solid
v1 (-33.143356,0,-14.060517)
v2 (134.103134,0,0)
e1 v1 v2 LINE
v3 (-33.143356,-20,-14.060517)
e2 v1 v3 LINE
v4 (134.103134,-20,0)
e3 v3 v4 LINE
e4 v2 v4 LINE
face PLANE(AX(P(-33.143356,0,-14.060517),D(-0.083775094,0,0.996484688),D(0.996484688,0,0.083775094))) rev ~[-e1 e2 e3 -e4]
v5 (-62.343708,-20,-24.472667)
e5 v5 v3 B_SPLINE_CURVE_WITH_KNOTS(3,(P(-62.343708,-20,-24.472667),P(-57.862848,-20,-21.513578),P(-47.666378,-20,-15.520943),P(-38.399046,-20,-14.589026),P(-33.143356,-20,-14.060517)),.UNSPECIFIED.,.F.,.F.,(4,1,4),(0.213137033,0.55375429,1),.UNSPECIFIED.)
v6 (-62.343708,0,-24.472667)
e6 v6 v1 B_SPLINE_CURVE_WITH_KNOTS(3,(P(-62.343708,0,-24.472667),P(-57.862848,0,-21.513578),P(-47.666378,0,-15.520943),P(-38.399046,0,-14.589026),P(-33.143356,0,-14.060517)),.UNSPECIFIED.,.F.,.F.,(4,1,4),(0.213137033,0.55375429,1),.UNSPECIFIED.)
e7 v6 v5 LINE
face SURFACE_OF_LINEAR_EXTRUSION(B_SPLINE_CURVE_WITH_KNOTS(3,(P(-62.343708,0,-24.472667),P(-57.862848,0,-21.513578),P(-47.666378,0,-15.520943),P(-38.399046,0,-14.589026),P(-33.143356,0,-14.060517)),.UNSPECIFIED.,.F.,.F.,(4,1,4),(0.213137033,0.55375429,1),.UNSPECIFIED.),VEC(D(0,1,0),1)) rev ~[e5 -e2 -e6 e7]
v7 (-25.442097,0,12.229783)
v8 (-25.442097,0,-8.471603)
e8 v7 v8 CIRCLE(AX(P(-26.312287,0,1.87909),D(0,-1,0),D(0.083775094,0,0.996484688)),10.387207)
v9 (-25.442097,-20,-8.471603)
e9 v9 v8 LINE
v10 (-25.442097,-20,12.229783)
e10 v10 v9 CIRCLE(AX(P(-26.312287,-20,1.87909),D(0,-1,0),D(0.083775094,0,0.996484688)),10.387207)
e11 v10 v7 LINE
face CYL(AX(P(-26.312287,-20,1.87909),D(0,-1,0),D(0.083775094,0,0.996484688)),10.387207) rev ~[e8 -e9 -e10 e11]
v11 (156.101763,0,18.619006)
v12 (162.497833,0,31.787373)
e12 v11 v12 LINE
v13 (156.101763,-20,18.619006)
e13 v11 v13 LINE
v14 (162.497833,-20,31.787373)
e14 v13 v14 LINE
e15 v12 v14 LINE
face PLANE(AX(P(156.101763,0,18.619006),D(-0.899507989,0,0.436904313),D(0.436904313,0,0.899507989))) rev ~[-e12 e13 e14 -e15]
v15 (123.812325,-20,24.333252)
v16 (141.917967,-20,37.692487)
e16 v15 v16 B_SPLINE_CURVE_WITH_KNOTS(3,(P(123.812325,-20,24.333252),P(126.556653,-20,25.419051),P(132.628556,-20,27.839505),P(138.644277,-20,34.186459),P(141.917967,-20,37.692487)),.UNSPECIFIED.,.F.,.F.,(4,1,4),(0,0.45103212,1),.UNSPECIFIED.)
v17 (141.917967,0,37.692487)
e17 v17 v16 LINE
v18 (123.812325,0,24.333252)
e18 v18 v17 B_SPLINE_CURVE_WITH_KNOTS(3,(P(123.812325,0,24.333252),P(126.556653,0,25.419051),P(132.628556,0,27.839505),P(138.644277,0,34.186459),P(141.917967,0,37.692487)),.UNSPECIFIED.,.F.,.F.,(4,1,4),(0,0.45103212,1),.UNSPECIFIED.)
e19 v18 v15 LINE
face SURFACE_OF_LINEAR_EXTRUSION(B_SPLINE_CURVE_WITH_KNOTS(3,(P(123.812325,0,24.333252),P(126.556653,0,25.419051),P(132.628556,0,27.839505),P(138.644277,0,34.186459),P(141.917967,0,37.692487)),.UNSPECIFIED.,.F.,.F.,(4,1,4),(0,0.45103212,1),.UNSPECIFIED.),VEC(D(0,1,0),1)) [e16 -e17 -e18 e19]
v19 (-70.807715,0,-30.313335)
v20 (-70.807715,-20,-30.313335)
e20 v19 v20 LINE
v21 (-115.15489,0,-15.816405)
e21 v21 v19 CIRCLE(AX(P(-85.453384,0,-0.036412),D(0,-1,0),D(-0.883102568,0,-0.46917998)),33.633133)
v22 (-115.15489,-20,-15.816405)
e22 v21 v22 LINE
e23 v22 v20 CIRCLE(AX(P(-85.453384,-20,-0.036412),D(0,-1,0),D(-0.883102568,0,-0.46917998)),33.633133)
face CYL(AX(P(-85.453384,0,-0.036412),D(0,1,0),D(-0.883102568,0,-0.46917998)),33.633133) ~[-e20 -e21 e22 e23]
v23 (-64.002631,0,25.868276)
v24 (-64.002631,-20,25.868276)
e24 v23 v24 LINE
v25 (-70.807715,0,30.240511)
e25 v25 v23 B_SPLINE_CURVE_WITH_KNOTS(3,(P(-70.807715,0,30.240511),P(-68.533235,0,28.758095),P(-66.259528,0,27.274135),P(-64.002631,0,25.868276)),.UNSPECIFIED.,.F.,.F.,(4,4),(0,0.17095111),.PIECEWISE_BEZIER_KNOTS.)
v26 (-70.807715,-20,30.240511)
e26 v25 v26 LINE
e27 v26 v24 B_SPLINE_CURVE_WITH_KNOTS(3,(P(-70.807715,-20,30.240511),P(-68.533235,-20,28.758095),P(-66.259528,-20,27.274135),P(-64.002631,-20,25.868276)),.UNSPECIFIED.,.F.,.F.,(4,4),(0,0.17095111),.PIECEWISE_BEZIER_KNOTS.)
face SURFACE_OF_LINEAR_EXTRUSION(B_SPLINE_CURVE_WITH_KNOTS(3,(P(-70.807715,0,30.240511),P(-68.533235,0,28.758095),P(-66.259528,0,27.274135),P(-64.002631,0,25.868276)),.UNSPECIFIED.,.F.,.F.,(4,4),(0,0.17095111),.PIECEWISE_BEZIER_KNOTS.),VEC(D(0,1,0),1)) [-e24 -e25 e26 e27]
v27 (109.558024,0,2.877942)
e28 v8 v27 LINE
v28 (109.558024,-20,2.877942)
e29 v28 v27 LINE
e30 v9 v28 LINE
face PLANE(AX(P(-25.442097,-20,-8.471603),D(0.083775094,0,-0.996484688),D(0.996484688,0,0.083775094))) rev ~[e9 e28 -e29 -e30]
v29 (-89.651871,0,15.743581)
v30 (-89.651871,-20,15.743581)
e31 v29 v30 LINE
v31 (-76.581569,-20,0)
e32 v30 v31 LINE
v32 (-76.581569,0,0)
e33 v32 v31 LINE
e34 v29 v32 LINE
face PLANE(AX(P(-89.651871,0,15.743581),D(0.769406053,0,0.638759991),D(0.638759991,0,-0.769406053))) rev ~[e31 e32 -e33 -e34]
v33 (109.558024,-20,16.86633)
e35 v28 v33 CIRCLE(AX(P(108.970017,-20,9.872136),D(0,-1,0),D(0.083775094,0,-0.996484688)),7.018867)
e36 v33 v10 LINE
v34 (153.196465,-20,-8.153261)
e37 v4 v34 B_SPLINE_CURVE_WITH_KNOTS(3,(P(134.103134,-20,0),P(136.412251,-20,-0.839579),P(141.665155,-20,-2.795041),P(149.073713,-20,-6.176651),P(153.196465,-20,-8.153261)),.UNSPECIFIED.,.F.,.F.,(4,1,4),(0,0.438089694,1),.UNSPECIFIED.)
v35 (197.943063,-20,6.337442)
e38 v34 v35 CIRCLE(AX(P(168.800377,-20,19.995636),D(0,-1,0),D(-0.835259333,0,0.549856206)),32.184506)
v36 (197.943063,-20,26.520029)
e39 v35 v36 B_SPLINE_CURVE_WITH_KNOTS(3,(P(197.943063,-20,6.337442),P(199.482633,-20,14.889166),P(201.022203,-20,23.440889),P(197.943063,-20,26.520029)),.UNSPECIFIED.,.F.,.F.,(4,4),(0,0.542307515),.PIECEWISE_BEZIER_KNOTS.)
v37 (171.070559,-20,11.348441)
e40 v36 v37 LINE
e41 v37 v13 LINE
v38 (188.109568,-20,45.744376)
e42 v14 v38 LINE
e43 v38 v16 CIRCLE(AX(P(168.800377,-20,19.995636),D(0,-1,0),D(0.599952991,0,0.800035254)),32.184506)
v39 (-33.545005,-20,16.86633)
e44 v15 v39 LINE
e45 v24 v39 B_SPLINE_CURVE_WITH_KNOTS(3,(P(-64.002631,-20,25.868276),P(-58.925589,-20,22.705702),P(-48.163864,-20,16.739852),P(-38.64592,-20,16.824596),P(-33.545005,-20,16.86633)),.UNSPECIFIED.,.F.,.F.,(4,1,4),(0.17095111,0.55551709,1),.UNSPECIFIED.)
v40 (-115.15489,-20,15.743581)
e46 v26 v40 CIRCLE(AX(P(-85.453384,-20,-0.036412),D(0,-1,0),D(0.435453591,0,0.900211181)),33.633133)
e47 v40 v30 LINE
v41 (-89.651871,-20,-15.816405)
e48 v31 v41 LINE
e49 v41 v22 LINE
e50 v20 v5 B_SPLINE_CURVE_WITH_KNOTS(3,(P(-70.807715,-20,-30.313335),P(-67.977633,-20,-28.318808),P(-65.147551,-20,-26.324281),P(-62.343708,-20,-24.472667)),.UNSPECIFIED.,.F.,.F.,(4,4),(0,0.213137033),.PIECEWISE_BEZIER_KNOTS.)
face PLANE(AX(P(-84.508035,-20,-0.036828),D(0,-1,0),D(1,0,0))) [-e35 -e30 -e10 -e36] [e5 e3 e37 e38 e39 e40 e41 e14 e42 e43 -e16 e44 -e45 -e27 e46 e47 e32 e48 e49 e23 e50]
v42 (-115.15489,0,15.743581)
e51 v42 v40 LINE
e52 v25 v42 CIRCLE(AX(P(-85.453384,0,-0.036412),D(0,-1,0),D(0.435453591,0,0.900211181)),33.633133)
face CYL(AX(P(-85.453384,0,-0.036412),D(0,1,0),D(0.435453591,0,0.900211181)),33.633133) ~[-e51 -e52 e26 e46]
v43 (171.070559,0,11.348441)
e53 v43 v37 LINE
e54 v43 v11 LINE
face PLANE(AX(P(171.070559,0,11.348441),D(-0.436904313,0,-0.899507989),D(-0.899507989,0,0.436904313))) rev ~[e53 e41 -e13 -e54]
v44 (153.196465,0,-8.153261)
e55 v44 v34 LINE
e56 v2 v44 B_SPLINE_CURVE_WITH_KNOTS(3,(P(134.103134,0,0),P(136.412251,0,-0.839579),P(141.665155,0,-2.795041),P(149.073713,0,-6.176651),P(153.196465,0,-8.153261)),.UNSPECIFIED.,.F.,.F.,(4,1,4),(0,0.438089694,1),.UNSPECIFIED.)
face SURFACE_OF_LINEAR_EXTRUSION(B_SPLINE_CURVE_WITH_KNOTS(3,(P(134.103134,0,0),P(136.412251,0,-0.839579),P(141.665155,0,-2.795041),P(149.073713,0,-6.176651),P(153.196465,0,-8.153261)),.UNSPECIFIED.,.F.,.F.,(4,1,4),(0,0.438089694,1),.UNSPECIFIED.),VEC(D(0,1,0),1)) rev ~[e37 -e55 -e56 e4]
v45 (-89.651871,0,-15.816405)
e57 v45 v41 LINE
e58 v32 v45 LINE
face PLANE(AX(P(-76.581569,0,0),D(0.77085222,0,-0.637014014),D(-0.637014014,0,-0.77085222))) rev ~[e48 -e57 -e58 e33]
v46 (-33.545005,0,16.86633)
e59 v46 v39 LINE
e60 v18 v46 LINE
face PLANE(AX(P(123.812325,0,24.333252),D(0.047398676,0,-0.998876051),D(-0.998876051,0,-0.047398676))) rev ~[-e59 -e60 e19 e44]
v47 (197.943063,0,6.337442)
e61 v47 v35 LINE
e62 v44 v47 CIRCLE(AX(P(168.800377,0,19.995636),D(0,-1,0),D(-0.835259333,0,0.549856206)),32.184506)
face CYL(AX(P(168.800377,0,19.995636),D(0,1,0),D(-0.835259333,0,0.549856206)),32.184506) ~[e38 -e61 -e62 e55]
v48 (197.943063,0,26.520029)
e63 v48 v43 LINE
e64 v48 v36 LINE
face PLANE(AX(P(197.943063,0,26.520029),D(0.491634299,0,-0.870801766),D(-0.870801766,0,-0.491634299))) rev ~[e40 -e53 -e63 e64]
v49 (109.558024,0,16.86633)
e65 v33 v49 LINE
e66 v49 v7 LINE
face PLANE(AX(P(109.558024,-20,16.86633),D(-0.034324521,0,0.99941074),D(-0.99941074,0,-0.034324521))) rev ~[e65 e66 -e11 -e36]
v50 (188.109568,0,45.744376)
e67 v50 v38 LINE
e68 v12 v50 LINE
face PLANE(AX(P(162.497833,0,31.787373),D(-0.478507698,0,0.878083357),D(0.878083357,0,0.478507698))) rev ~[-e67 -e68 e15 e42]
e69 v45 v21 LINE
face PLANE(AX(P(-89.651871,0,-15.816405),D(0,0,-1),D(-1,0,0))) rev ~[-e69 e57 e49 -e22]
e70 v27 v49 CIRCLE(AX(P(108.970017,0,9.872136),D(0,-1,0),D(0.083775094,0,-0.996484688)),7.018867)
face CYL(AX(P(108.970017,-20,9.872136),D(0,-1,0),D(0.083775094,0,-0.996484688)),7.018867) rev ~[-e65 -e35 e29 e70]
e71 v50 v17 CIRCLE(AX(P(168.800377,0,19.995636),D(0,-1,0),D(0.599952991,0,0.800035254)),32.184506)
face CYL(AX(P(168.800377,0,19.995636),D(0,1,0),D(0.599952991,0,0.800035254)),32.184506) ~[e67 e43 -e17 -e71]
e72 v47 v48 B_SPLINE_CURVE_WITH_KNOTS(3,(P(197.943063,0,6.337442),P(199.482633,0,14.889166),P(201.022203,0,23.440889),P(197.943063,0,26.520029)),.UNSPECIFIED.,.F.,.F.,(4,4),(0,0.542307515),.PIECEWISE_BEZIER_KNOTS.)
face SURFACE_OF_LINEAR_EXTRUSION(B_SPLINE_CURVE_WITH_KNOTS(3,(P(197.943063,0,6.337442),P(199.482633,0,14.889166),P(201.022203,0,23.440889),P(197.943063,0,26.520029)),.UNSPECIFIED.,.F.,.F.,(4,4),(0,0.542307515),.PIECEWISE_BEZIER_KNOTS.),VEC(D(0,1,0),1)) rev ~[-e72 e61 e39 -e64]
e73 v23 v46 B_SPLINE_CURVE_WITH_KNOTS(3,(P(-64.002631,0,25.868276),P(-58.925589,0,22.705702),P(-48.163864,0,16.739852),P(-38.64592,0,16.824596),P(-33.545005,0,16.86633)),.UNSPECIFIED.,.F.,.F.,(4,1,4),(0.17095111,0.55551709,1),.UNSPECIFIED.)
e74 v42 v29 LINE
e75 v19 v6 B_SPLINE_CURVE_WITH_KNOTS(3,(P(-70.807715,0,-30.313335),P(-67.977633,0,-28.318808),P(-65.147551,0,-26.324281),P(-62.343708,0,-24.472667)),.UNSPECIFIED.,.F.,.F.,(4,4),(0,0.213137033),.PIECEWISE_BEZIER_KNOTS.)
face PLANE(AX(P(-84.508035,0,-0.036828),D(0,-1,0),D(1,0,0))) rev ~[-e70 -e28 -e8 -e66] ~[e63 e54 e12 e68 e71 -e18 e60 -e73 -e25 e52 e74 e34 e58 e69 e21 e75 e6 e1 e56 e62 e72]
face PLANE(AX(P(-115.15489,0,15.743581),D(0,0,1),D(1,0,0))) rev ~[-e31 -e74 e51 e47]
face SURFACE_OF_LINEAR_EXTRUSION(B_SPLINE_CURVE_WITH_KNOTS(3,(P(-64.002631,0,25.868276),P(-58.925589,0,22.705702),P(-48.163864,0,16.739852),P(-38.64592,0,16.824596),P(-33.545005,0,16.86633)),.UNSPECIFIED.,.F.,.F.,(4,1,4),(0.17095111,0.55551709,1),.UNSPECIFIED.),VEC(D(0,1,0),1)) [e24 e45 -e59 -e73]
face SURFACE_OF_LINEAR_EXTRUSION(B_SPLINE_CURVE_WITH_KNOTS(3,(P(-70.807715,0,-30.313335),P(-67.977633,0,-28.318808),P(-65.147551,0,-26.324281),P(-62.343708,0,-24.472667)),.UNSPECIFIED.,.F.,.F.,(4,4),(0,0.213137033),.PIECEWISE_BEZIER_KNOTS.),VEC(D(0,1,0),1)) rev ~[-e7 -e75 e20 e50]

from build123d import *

# Parameters (mm, degrees)
F1_DEPTH = 20
F3_DEPTH = 25


with BuildPart() as f1:
    # F0 (on Front) → F1 (new body)
    with BuildSketch(Plane.XZ):
        with BuildLine():
            ThreePointArc((-70.8077147964, 30.2405108172), (-95.9037330878, 31.9319764651), (-115.1548899652, 15.743580961))
            Line((-115.1548899652, 15.743580961), (-89.651870853, 15.743580961))
            Line((-89.651870853, 15.743580961), (-76.5815686477, 0))
            Line((-76.5815686477, 0), (-89.651870853, -15.8164047439))
            Line((-89.651870853, -15.8164047439), (-115.1548899652, -15.8164047439))
            ThreePointArc((-115.1548899652, -15.8164047439), (-95.9037330878, -32.004800248), (-70.8077147964, -30.3133346001))
            add(Edge.make_bspline(
                [(-70.8077147964, -30.3133346001), (-67.9776331428, -28.3188076357), (-65.1475514892, -26.3242806714), (-62.3437084615, -24.4726673339)],
                knots=[0, 0, 0, 0, 0.2131370332, 0.2131370332, 0.2131370332, 0.2131370332], degree=3))
            ThreePointArc((-62.3437084615, -24.4726673339), (-51.8384971963, 1.0713241638), (-64.0026305705, 25.8682760858))
            add(Edge.make_bspline(
                [(-70.8077147964, 30.2405108172), (-68.5332348798, 28.7580949613), (-66.2595280087, 27.2741353036), (-64.0026305705, 25.8682760858)],
                knots=[0, 0, 0, 0, 0.1709511101, 0.1709511101, 0.1709511101, 0.1709511101], degree=3))
        make_face()
        with BuildLine():
            add(Edge.make_bspline(
                [(-64.0026305705, 25.8682760858), (-58.9255885158, 22.7057015484), (-48.1638642714, 16.7398518886), (-38.6459203889, 16.8245958253), (-33.5450051656, 16.8663300499)],
                knots=[0.1709511101, 0.1709511101, 0.1709511101, 0.1709511101, 0.5555170901, 1, 1, 1, 1], degree=3))
            ThreePointArc((-64.0026305705, 25.8682760858), (-51.8384971963, 1.0713241638), (-62.3437084615, -24.4726673339))
            add(Edge.make_bspline(
                [(-62.3437084615, -24.4726673339), (-57.8628479211, -21.5135783057), (-47.666378416, -15.5209427796), (-38.3990456985, -14.5890260797), (-33.1433561571, -14.0605174999)],
                knots=[0.2131370332, 0.2131370332, 0.2131370332, 0.2131370332, 0.5537542903, 1, 1, 1, 1], degree=3))
            Line((-33.1433561571, -14.0605174999), (134.1031342745, 0))
            add(Edge.make_bspline(
                [(134.1031342745, 0), (136.4122513766, -0.8395789588), (141.6651545041, -2.7950405317), (149.0737127416, -6.176651314), (153.1964652334, -8.1532607781)],
                knots=[0, 0, 0, 0, 0.4380896937, 1, 1, 1, 1], degree=3))
            ThreePointArc((153.1964652334, -8.1532607781), (137.5476966486, 12.3071742614), (141.9179672699, 37.6924868442))
            add(Edge.make_bspline(
                [(123.8123252988, 24.3332516402), (126.5566528115, 25.4190509754), (132.6285556754, 27.8395051742), (138.6442769425, 34.1864593632), (141.9179672699, 37.6924868442)],
                knots=[0, 0, 0, 0, 0.4510321202, 1, 1, 1, 1], degree=3))
            Line((123.8123252988, 24.3332516402), (-33.5450051656, 16.8663300499))
        make_face()
        with BuildLine():
            ThreePointArc((188.109567585, 45.7443760516), (163.2734752286, 51.7020364887), (141.9179672699, 37.6924868442))
            ThreePointArc((141.9179672699, 37.6924868442), (137.5476966486, 12.3071742614), (153.1964652334, -8.1532607781))
            ThreePointArc((153.1964652334, -8.1532607781), (178.7160069517, -10.6233567386), (197.943063255, 6.3374418711))
            add(Edge.make_bspline(
                [(197.943063255, 6.3374418711), (199.4826329775, 14.8891655682), (201.0222027001, 23.4408892653), (197.943063255, 26.5200287104)],
                knots=[0, 0, 0, 0, 0.5423075145, 0.5423075145, 0.5423075145, 0.5423075145], degree=3))
            Line((197.943063255, 26.5200287104), (171.0705587274, 11.3484414967))
            Line((171.0705587274, 11.3484414967), (156.1017632484, 18.6190064996))
            Line((156.1017632484, 18.6190064996), (162.4978333712, 31.7873731256))
            Line((162.4978333712, 31.7873731256), (188.109567585, 45.7443760516))
        make_face()
    extrude(amount=F1_DEPTH)

    # F2 (on face) → F3 (cut)
    with BuildSketch(Plane.XZ.offset(20)):
        with BuildLine():
            Line((109.5580235124, 16.8663300499), (-25.4420973361, 12.2297834605))
            ThreePointArc((-25.4420973361, 12.2297834605), (-36.6994938897, 1.8790904433), (-25.4420973361, -8.471602574))
            Line((-25.4420973361, -8.471602574), (109.5580235124, 2.8779423807))
            ThreePointArc((109.5580235124, 2.8779423807), (115.9888845858, 9.8721362153), (109.5580235124, 16.8663300499))
        make_face()
    extrude(amount=-F3_DEPTH, mode=Mode.SUBTRACT)


solid = f1.part
